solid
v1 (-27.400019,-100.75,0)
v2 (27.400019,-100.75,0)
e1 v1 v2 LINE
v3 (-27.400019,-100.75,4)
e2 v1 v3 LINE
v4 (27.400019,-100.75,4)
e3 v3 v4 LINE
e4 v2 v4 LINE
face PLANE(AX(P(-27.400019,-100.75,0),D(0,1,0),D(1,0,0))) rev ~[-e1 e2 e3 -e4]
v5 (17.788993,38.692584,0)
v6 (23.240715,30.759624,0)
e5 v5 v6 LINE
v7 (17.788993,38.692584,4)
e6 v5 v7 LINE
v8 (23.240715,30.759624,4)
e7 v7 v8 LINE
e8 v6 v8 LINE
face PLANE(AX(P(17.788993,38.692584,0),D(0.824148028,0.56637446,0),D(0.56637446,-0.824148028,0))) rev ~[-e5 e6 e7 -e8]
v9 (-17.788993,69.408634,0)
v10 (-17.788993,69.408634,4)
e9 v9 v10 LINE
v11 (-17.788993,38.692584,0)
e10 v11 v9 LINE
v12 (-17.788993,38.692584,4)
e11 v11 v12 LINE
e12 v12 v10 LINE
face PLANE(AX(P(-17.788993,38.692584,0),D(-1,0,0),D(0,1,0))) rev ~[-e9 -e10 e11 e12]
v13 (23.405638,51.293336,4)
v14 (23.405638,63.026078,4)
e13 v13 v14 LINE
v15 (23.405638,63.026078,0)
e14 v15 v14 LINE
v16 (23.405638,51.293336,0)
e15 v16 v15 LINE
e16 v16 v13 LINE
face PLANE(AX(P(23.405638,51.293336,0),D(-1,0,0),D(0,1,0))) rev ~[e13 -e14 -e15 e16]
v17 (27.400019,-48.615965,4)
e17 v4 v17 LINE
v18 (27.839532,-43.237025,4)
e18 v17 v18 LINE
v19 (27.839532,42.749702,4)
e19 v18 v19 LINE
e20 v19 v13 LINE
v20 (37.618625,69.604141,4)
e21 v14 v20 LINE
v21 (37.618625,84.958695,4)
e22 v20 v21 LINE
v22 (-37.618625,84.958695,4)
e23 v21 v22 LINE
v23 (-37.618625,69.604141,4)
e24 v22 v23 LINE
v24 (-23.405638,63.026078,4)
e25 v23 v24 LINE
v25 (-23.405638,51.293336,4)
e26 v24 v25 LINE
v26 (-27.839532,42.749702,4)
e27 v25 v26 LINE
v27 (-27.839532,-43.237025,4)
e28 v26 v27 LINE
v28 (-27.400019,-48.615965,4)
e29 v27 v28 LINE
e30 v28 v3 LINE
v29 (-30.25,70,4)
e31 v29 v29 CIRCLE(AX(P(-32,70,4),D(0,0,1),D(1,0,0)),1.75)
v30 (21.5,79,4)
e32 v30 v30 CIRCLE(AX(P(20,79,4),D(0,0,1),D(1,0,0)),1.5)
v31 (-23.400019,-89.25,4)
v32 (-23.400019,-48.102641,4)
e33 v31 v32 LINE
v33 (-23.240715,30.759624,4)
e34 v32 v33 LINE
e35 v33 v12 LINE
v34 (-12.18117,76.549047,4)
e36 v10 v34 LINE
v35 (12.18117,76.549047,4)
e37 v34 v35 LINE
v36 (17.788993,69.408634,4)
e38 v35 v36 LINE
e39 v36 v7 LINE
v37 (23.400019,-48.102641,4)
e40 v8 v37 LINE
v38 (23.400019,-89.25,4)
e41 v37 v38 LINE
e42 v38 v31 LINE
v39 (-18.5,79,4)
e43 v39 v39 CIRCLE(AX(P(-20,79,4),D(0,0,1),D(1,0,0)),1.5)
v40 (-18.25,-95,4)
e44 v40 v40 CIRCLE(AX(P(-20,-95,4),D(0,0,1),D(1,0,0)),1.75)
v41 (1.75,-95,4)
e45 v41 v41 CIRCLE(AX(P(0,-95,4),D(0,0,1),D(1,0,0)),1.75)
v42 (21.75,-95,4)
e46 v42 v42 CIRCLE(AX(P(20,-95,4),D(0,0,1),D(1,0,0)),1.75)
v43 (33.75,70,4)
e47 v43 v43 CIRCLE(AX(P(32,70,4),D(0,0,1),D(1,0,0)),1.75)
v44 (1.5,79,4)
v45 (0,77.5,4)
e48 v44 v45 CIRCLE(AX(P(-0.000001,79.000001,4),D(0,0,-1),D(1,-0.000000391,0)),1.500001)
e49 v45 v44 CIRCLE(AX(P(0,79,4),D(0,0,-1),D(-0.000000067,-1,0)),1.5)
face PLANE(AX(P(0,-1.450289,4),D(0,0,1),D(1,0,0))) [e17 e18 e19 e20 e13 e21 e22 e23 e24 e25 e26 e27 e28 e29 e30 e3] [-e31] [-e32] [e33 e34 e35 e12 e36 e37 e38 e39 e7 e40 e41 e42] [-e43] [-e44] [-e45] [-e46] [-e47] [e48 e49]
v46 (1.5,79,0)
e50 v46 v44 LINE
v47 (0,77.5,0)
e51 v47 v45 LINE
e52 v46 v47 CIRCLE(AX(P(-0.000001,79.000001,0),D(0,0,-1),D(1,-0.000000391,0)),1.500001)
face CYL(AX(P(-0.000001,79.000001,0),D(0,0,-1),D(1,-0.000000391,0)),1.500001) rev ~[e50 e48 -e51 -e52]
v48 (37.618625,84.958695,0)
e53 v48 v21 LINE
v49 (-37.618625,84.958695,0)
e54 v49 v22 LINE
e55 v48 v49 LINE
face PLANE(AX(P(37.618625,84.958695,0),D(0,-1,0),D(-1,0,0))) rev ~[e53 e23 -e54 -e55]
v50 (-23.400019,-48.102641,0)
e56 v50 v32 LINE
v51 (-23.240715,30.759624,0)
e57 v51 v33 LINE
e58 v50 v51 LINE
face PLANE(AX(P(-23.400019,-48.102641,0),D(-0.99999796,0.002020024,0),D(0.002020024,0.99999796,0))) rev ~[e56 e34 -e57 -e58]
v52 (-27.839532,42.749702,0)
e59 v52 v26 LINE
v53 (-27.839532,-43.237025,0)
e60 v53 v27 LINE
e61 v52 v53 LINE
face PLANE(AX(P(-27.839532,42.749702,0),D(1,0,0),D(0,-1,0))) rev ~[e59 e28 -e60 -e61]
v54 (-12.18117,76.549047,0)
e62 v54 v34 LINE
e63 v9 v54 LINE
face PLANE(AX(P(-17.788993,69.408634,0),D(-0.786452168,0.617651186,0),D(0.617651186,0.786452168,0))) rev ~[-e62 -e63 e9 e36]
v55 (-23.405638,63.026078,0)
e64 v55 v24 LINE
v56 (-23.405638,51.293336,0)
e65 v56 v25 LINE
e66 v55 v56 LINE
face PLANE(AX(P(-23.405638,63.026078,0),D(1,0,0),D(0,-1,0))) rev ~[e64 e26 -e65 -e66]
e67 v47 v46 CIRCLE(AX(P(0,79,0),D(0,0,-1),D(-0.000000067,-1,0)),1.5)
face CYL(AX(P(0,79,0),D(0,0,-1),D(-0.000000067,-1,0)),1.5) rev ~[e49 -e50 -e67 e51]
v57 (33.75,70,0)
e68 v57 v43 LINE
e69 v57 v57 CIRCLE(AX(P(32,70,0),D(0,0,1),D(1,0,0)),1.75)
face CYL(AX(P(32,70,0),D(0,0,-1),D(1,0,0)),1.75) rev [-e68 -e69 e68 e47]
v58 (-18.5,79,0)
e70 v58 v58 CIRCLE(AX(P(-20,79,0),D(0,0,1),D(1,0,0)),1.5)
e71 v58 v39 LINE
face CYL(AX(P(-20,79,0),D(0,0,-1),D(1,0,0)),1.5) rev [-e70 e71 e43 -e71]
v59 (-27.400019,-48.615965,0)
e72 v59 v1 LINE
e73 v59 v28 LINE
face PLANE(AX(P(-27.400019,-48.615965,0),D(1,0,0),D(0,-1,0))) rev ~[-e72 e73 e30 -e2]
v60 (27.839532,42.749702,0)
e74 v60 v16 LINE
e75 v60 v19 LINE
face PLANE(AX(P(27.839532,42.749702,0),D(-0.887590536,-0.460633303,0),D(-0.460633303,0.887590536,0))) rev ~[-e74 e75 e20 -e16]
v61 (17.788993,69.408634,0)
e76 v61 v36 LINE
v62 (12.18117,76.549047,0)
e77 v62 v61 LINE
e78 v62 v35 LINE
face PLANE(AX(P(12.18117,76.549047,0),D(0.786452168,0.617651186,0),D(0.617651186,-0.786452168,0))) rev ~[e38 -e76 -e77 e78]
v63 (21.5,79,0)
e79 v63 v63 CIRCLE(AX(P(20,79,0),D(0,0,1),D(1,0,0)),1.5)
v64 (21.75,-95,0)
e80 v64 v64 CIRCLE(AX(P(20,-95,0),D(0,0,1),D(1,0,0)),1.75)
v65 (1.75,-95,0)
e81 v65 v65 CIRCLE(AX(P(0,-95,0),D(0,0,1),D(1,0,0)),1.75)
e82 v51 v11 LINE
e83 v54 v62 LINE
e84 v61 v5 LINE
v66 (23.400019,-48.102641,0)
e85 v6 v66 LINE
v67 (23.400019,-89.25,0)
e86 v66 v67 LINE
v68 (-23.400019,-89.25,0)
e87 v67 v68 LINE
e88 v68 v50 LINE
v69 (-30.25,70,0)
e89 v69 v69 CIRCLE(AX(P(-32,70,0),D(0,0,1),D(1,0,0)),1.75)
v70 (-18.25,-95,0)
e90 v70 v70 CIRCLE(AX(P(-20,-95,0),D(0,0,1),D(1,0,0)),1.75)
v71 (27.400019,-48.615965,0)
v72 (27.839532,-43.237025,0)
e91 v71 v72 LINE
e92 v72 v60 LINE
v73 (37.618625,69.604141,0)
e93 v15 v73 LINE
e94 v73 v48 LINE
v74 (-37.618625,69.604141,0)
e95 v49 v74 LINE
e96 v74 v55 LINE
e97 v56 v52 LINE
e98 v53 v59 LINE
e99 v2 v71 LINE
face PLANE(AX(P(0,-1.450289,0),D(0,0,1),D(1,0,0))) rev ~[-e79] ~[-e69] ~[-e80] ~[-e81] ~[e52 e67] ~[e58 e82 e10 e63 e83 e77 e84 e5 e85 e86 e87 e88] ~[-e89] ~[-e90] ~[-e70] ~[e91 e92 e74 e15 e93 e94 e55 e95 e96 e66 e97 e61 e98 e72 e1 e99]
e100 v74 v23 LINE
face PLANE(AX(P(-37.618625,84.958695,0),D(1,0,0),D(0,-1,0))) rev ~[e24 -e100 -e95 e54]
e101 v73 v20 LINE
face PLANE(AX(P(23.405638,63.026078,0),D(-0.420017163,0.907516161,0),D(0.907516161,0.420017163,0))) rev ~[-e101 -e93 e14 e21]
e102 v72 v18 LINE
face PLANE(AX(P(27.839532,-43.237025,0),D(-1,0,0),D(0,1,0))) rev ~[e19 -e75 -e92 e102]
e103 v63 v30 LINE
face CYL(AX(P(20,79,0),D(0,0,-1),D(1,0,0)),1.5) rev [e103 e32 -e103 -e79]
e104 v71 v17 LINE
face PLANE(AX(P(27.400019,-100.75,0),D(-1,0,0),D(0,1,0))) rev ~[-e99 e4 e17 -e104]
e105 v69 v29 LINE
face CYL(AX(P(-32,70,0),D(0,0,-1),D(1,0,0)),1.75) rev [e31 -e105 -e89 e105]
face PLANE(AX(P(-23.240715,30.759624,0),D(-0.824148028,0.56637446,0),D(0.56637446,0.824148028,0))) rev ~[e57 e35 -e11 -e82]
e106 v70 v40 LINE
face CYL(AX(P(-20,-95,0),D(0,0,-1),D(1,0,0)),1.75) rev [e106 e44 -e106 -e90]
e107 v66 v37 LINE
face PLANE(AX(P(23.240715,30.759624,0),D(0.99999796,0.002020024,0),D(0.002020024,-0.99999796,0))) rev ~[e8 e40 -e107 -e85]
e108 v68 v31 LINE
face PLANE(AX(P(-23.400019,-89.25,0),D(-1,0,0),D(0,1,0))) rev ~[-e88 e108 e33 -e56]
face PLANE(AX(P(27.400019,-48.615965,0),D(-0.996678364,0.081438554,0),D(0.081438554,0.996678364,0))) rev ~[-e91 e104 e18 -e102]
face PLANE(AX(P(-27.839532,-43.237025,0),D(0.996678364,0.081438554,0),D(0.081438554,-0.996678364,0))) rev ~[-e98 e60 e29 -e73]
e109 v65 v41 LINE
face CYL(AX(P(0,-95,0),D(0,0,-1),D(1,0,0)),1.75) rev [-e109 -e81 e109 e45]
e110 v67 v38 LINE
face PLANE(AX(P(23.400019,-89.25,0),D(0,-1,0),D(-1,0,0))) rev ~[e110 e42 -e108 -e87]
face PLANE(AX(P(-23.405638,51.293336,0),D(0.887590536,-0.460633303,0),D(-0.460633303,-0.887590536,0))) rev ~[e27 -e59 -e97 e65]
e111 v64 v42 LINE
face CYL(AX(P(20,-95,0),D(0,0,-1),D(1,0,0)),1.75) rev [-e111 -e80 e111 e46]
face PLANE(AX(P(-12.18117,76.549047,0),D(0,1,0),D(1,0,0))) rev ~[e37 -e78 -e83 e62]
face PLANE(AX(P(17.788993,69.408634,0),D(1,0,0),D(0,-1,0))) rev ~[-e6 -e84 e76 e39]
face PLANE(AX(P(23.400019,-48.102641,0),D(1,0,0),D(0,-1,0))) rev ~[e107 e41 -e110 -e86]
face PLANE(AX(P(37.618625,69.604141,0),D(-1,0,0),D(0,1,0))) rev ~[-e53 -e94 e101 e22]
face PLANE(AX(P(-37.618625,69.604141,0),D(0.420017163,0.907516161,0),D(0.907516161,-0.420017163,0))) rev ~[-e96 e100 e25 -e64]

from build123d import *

# Parameters (mm, degrees)
F0_R     = 1.75
F0_R_2   = 1.5
F1_DEPTH = 4


with BuildPart() as f1:
    # F0 (on Top) → F1 (new body)
    with BuildSketch(Plane.XY):
        Polygon((27.839532, 42.749702), (23.405638, 51.293336), (23.405638, 63.026078), (37.618625, 69.604141), (37.618625, 84.958695), (0, 84.958695), (-37.618625, 84.958695), (-37.618625, 69.604141), (-23.405638, 63.026078), (-23.405638, 51.293336), (-27.839532, 42.749702), (-27.839532, -43.237025), (-27.400019, -48.615965), (-27.400019, -61.280224), (-27.400019, -100.75), (0, -100.75), (27.400019, -100.75), (27.400019, -61.280224), (27.400019, -48.615965), (27.839532, -43.237025), align=None)
        with Locations((-20, -95)):
            Circle(F0_R, mode=Mode.SUBTRACT)
        with Locations((0, -95)):
            Circle(F0_R, mode=Mode.SUBTRACT)
        with Locations((20, -95)):
            Circle(F0_R, mode=Mode.SUBTRACT)
        Polygon((-12.18117, 76.549047), (0, 76.549047), (12.18117, 76.549047), (17.788993, 69.408634), (17.788993, 57.030452), (17.788993, 38.692584), (23.240715, 30.759624), (23.400019, -48.102641), (23.400019, -61.311657), (23.400019, -89.25), (0, -89.25), (-23.400019, -89.25), (-23.400019, -61.311657), (-23.400019, -48.102641), (-23.240715, 30.759624), (-17.788993, 38.692584), (-17.788993, 57.030452), (-17.788993, 69.408634), align=None, mode=Mode.SUBTRACT)
        with Locations((-32, 70)):
            Circle(F0_R, mode=Mode.SUBTRACT)
        with Locations((-20, 79)):
            Circle(F0_R_2, mode=Mode.SUBTRACT)
        with BuildLine():
            ThreePointArc((0, 77.5), (-1.06066, 80.06066), (1.5, 79))
            ThreePointArc((1.5, 79), (1.06066, 77.93934), (0, 77.5))
        make_face(mode=Mode.SUBTRACT)
        with Locations((20, 79)):
            Circle(F0_R_2, mode=Mode.SUBTRACT)
        with Locations((32, 70)):
            Circle(F0_R, mode=Mode.SUBTRACT)
    extrude(amount=F1_DEPTH)


solid = f1.part
